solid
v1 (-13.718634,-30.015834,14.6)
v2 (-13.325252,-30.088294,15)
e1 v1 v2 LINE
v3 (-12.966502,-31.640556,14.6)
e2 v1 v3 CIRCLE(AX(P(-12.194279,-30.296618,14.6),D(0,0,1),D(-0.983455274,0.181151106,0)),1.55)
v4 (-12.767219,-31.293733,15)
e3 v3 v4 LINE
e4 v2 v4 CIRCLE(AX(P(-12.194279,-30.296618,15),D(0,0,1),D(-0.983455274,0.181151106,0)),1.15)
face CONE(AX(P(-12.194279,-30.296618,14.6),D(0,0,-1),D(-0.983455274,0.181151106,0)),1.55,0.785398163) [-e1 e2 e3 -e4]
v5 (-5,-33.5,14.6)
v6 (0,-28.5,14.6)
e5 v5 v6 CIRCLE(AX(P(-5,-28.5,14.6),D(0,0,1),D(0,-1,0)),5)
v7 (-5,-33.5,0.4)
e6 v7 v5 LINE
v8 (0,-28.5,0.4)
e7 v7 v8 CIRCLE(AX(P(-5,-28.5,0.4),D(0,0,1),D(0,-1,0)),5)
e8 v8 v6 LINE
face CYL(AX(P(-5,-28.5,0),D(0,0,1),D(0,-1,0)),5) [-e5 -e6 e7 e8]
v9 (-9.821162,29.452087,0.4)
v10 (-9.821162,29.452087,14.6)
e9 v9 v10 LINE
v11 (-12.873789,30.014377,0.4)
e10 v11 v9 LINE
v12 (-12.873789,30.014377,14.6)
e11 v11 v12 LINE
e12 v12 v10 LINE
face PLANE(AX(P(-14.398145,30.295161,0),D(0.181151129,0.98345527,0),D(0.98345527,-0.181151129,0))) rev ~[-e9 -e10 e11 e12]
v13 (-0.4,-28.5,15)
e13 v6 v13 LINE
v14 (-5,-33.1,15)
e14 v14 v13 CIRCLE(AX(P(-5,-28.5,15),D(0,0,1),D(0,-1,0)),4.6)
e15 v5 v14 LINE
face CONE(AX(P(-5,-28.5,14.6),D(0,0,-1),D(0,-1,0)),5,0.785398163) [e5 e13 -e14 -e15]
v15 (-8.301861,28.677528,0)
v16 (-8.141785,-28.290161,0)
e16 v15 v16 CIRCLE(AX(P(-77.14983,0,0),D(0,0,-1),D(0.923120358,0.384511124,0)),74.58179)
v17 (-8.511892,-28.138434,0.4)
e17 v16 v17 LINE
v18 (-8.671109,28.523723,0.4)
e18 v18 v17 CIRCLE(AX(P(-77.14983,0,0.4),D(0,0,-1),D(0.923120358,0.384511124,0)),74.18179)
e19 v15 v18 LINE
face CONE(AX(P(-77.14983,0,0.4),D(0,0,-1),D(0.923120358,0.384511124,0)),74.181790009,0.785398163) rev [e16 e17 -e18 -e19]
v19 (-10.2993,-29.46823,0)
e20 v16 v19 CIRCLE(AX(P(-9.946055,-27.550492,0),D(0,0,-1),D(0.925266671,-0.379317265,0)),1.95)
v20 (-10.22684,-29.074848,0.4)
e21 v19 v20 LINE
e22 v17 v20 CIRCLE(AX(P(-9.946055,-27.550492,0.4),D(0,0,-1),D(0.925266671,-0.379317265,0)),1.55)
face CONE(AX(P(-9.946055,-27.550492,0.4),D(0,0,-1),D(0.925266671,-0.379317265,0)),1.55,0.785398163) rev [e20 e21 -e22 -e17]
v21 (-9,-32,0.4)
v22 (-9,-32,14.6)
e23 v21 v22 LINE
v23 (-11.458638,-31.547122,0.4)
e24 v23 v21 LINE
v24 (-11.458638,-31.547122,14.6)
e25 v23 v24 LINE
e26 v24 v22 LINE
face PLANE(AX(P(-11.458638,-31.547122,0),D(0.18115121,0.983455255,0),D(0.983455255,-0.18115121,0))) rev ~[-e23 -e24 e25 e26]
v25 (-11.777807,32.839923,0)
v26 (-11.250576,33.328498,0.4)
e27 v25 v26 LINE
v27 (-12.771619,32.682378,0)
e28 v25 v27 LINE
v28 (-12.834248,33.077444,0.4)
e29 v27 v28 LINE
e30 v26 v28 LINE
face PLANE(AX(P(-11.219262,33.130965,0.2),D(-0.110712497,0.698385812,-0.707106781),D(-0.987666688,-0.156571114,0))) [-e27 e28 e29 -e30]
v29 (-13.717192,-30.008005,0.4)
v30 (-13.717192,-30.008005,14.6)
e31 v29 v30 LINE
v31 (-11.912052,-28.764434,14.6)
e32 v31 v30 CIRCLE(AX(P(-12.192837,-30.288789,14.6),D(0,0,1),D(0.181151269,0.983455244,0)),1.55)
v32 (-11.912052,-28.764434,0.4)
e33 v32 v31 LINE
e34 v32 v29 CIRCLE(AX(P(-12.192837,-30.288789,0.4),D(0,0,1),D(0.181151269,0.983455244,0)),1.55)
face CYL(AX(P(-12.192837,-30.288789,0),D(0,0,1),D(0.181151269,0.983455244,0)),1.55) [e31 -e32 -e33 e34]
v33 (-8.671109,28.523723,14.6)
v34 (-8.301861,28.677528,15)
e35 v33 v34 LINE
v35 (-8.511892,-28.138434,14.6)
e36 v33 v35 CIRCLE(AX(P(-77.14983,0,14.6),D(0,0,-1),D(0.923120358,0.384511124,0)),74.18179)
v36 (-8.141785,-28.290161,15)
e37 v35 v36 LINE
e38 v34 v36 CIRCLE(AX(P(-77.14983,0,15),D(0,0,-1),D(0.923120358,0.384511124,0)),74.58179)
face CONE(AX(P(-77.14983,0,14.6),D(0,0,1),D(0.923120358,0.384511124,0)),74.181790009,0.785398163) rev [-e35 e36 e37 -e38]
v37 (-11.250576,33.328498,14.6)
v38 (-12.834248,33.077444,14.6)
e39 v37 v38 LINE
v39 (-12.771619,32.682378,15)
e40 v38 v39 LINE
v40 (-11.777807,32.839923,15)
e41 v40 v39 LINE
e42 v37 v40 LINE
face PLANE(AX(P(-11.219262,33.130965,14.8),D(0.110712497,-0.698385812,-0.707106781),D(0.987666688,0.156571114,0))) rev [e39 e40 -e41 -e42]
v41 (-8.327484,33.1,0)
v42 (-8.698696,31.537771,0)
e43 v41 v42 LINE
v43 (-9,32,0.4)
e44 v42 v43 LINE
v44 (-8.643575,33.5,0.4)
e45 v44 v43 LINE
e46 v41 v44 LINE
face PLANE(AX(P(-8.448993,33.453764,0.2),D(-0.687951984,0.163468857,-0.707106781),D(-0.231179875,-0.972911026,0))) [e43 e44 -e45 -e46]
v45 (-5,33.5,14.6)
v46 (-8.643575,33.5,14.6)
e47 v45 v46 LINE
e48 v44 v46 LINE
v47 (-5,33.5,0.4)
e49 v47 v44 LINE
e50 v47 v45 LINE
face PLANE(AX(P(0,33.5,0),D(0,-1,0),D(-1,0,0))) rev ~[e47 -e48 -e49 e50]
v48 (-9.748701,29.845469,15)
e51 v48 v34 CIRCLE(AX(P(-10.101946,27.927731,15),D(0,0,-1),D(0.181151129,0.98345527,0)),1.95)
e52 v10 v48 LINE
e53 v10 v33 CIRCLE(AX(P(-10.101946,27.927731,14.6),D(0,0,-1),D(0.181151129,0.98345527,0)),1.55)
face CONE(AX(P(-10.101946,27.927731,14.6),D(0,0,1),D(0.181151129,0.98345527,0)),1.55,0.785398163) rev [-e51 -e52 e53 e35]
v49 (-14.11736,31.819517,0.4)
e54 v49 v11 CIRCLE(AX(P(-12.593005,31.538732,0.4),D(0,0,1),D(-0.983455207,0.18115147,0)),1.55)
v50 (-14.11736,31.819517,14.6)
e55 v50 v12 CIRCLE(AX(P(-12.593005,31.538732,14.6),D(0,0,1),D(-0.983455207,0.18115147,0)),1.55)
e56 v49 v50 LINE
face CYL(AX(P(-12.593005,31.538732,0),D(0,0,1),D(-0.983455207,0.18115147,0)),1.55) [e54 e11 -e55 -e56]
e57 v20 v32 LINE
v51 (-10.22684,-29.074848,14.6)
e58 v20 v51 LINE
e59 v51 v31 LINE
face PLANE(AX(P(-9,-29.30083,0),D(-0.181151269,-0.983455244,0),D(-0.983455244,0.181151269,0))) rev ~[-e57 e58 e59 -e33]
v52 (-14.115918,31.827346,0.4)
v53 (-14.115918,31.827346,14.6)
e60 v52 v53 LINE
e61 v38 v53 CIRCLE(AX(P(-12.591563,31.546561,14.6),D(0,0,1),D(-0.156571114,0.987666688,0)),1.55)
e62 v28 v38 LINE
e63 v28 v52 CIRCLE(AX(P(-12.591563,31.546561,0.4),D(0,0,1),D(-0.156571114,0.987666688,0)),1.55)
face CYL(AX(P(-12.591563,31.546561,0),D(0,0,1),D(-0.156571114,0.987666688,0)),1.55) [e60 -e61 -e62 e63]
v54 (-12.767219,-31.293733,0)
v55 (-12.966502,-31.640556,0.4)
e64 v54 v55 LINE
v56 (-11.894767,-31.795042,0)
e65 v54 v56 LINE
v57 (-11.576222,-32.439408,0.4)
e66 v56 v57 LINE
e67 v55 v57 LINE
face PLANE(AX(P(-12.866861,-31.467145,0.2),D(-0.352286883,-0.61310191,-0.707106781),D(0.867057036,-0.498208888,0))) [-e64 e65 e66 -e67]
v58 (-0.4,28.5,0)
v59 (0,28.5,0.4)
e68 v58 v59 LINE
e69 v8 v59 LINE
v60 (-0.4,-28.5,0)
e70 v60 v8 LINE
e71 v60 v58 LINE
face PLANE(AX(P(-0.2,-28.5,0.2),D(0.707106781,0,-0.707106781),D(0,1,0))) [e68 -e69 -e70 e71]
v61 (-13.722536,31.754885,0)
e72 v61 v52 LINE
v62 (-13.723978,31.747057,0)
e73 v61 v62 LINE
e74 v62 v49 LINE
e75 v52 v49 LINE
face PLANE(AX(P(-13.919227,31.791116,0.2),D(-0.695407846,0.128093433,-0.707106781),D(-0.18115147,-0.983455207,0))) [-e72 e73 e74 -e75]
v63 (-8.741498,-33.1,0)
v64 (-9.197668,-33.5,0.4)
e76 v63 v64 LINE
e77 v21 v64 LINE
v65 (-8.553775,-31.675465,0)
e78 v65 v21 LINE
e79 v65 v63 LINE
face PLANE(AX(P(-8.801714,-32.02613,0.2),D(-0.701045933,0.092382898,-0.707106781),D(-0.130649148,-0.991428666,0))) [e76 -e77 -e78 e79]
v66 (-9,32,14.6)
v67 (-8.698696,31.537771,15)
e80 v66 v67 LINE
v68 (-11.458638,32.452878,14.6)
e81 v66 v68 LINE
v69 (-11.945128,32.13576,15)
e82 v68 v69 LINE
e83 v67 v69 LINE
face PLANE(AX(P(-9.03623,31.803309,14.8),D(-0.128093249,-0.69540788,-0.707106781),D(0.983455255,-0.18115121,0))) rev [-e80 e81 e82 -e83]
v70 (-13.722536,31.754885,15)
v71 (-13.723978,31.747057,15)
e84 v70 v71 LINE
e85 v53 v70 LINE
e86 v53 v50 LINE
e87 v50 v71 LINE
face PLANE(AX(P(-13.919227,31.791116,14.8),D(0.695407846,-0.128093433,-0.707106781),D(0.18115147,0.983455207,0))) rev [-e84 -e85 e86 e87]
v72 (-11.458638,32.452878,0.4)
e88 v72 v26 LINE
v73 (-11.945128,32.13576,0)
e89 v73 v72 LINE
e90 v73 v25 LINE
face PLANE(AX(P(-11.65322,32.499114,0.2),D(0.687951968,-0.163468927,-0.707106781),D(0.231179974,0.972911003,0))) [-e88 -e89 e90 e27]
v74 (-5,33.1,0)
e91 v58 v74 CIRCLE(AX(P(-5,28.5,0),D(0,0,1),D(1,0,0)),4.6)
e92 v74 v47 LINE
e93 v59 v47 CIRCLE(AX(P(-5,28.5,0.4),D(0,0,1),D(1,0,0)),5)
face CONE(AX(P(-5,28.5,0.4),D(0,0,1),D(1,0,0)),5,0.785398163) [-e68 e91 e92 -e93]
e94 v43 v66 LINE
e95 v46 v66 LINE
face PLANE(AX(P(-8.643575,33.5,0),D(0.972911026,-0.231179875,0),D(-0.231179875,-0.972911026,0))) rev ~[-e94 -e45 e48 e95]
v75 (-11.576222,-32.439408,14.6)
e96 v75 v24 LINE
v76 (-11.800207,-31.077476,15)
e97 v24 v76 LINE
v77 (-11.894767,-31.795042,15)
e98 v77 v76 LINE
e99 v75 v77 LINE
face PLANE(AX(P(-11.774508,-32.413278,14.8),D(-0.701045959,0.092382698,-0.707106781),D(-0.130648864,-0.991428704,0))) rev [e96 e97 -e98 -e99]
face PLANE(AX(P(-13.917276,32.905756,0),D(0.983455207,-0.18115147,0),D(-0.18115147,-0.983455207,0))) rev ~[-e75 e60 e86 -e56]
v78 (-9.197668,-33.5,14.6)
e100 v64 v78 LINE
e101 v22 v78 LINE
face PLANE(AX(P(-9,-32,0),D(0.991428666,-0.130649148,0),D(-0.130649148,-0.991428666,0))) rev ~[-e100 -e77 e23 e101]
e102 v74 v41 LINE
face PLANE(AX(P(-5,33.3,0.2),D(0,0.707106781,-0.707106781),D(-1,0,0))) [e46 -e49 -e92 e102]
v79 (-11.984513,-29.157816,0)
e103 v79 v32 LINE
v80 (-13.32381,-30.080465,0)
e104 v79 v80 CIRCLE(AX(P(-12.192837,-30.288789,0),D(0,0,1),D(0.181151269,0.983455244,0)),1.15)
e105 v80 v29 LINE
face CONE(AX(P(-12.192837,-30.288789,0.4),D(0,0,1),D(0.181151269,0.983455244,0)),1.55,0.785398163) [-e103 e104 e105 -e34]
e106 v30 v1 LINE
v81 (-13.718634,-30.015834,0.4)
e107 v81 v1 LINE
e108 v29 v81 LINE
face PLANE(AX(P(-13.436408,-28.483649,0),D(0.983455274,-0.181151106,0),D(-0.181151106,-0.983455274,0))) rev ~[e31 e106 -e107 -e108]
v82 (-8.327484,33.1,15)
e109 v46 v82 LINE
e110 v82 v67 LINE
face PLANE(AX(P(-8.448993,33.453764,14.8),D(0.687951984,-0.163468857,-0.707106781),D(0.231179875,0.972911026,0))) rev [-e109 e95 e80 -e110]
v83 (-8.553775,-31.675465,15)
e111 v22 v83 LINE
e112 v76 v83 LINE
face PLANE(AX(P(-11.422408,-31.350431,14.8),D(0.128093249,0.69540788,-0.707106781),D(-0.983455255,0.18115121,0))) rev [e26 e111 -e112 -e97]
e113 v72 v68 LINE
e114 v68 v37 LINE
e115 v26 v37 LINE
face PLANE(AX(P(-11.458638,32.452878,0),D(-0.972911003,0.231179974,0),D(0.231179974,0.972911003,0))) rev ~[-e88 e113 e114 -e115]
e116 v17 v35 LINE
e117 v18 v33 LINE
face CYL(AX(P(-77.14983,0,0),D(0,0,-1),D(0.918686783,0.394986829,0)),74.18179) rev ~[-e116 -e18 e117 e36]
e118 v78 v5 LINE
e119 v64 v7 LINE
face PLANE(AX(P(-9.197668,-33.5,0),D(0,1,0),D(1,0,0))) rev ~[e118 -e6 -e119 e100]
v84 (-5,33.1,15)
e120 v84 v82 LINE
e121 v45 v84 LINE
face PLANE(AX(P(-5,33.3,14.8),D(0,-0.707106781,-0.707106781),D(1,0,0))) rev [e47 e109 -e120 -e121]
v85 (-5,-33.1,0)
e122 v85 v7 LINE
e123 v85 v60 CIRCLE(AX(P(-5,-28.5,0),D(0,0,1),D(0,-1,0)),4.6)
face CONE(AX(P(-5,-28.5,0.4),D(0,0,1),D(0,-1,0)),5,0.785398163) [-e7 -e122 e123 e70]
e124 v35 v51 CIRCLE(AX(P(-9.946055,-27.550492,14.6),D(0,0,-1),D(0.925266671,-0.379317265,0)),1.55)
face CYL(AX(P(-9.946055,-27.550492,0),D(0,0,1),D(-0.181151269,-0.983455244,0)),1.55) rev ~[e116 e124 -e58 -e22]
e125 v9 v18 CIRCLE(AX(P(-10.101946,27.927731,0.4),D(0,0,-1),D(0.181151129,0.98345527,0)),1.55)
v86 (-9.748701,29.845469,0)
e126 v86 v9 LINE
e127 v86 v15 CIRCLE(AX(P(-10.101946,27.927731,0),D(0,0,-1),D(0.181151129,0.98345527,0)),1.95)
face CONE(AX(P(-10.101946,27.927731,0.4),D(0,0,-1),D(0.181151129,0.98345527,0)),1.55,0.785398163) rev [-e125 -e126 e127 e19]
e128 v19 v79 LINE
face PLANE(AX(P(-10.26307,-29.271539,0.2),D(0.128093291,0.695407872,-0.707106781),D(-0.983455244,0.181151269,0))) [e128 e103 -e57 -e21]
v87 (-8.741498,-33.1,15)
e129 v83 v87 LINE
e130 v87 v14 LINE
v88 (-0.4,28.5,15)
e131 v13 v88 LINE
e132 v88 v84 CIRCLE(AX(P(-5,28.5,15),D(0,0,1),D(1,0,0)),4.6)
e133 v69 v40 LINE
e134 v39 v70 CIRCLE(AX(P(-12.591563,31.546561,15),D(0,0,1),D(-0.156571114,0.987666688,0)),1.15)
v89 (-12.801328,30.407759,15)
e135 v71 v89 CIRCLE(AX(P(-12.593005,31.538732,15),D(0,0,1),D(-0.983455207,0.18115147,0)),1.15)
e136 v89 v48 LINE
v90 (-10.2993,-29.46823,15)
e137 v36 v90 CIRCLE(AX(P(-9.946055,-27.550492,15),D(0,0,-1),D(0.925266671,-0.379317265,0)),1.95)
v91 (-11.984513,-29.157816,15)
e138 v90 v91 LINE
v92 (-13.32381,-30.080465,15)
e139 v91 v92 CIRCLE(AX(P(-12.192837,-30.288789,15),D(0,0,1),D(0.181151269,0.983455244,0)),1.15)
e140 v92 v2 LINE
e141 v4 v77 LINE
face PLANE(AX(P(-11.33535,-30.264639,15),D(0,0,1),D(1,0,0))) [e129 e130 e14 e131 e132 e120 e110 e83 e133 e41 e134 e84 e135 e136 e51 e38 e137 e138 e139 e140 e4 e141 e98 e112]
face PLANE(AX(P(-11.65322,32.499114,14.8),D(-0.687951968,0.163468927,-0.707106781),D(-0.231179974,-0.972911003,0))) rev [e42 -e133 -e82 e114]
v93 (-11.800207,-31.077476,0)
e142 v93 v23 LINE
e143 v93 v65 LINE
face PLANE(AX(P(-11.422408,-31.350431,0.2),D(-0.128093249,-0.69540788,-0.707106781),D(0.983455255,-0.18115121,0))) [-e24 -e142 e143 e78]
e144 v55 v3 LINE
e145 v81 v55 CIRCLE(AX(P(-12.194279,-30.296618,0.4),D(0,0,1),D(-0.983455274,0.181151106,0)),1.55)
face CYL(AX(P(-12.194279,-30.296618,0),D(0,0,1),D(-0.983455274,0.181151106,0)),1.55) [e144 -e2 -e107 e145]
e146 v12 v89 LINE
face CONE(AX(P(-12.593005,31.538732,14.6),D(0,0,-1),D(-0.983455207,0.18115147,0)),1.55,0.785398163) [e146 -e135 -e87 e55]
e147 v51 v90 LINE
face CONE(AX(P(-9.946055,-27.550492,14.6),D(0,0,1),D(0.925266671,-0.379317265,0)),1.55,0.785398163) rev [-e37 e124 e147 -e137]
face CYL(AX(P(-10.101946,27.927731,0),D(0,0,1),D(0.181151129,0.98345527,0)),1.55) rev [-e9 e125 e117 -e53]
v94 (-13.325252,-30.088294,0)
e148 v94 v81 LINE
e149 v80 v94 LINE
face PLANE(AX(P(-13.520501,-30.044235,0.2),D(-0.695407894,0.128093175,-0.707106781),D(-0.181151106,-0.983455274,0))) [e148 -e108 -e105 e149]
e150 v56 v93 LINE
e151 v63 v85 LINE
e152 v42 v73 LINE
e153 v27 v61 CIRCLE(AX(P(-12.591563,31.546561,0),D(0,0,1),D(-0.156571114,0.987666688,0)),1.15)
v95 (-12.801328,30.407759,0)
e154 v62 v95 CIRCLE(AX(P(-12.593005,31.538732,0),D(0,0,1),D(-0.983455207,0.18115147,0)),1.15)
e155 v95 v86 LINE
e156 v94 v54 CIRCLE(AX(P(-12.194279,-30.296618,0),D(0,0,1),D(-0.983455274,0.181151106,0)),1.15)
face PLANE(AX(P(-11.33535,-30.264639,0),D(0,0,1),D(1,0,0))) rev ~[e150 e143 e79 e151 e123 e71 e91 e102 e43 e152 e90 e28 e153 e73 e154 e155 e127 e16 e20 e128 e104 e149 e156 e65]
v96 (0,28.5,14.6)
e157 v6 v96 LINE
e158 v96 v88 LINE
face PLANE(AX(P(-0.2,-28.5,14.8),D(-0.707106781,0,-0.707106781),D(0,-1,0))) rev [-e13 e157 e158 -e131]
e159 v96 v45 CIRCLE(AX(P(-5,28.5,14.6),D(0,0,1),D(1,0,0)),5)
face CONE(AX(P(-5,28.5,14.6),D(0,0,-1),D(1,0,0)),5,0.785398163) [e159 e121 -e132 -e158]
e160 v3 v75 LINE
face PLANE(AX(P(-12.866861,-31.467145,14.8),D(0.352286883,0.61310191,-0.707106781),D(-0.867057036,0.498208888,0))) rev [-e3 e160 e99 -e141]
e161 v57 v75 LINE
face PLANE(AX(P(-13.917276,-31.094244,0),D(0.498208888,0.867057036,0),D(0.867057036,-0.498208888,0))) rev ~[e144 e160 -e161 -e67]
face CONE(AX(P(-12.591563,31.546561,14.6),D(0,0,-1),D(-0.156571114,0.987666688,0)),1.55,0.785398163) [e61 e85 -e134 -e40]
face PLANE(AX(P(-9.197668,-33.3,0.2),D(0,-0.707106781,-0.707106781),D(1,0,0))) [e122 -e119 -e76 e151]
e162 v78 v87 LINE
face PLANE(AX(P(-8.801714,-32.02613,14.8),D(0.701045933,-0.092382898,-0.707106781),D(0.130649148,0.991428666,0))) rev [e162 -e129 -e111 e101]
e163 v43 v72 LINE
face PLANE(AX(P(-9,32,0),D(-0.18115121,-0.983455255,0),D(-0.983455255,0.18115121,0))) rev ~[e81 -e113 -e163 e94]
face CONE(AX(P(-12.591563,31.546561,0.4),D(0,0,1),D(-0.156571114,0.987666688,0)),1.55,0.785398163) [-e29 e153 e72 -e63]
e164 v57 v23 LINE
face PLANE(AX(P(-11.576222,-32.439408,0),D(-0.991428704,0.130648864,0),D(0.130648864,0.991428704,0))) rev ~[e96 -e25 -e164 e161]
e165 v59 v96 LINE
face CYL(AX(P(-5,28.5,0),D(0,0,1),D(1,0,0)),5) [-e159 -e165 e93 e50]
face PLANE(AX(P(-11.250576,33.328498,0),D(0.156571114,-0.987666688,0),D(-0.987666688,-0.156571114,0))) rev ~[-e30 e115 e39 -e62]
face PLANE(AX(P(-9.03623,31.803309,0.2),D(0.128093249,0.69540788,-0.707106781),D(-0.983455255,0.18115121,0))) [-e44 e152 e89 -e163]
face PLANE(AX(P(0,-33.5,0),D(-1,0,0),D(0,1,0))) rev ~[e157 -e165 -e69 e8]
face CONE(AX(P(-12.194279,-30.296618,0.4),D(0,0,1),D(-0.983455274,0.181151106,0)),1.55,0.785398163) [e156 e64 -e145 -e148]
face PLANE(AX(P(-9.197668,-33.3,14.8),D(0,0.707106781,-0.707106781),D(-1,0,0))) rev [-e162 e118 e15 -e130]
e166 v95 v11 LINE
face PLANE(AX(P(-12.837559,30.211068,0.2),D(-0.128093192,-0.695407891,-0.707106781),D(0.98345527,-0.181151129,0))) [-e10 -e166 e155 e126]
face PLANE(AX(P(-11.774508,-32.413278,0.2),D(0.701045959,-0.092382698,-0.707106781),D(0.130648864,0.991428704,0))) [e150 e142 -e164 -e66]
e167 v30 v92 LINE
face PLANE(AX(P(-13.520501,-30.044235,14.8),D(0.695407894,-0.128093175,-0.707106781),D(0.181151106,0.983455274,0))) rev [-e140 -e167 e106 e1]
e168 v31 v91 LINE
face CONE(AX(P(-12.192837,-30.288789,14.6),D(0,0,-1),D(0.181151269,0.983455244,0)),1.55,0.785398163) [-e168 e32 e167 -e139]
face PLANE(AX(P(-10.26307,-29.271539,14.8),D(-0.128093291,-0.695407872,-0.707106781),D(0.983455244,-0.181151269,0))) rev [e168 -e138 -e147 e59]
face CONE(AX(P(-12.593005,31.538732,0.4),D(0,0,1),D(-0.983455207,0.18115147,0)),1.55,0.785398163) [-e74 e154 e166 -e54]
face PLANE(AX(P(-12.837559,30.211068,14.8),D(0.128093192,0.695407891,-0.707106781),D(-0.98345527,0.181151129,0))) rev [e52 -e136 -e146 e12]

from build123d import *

# Parameters (mm, degrees)
F0_W     = 9
F0_H     = 2.69917
F0_H_2   = 1.5
F1_DEPTH = 15
F2_R     = 1.55
F3_R     = 5
F4_SIZE  = 0.4


with BuildPart() as f1:
    # F0 (on Top) → F1 (new body)
    with BuildSketch(Plane.XY):
        Polygon((-9, -32), (-9, -29.30083), (-13.436408, -28.483649), (-13.917276, -31.094244), (-11.458638, -31.547122), align=None)
        with Locations((-4.5, -30.650415)):
            Rectangle(F0_W, F0_H)
        Polygon((-9, -33.5), (-9, -32), (-9.197668, -33.5), align=None)
        with Locations((-4.5, -32.75)):
            Rectangle(F0_W, F0_H_2)
        Polygon((-11.576222, -32.439408), (-11.458638, -31.547122), (-13.917276, -31.094244), align=None)
        with BuildLine():
            Line((0, -29.30083), (0, 29.30083))
            Line((0, 29.30083), (-9, 29.30083))
            ThreePointArc((-9, 29.30083), (-2.96804, 0), (-9, -29.30083))
            Line((-9, -29.30083), (0, -29.30083))
        make_face()
        with Locations((-4.5, 30.650415)):
            Rectangle(F0_W, F0_H)
        Polygon((0, 32), (0, 33.5), (-8.643575, 33.5), (-9, 32), align=None)
        Polygon((-9, 29.30083), (-9, 32), (-11.458638, 32.452878), (-13.917276, 32.905756), (-14.398145, 30.295161), align=None)
        Polygon((-13.917276, 32.905756), (-11.458638, 32.452878), (-11.250576, 33.328498), align=None)
    extrude(amount=F1_DEPTH)

    # F2
    f2_edges = [f1.edges().sort_by_distance(p)[0] for p in [
        (-14.398145, 30.295161, 7.5),
        (-9, 29.30083, 7.5),
        (-13.436408, -28.483649, 7.5),
        (-9, -29.30083, 7.5),
        (-13.917276, -31.094244, 7.5),
        (-13.917276, 32.905756, 7.5),
    ]]
    fillet(f2_edges, radius=F2_R)

    # F3
    f3_edges = [f1.edges().sort_by_distance(p)[0] for p in [
        (0, 33.5, 7.5),
        (0, -33.5, 7.5),
    ]]
    fillet(f3_edges, radius=F3_R)

    # F4
    f4_edges = [f1.edges().sort_by_distance(p)[0] for p in [
        (-7.098834, -33.5, 15),
        (-1.464466, -32.035534, 15),
        (-9.098834, -32.75, 15),
        (0, 0, 15),
        (-10.229319, -31.773561, 15),
        (-1.464466, 32.035534, 15),
        (-11.51743, -31.993265, 15),
        (-6.821787, 33.5, 15),
        (-12.271362, -32.039982, 15),
        (-8.821787, 32.75, 15),
        (-13.60087, -30.94777, 15),
        (-10.229319, 32.226439, 15),
        (-13.717913, -30.011919, 15),
        (-11.354607, 32.890688, 15),
        (-13.072174, -29.012362, 15),
        (-12.042412, 33.202971, 15),
        (-11.069446, -28.91964, 15),
        (-13.673826, 32.656158, 15),
        (-9.203231, -28.9109, 15),
        (-14.116639, 31.823431, 15),
        (-2.968333, 0.208446, 15),
        (-13.869431, 30.659395, 15),
        (-9.128357, 29.133809, 15),
        (-11.347475, 29.733232, 15),
        (-7.098834, -33.5, 0),
        (-1.464466, -32.035534, 0),
        (-9.098834, -32.75, 0),
        (0, 0, 0),
        (-10.229319, -31.773561, 0),
        (-1.464466, 32.035534, 0),
        (-11.51743, -31.993265, 0),
        (-6.821787, 33.5, 0),
        (-12.271362, -32.039982, 0),
        (-8.821787, 32.75, 0),
        (-13.60087, -30.94777, 0),
        (-10.229319, 32.226439, 0),
        (-13.717913, -30.011919, 0),
        (-11.354607, 32.890688, 0),
        (-13.072174, -29.012362, 0),
        (-12.042412, 33.202971, 0),
        (-11.069446, -28.91964, 0),
        (-13.673826, 32.656158, 0),
        (-9.203231, -28.9109, 0),
        (-14.116639, 31.823431, 0),
        (-2.968333, 0.208446, 0),
        (-13.869431, 30.659395, 0),
        (-9.128357, 29.133809, 0),
        (-11.347475, 29.733232, 0),
    ]]
    chamfer(f4_edges, length=F4_SIZE)


solid = f1.part
